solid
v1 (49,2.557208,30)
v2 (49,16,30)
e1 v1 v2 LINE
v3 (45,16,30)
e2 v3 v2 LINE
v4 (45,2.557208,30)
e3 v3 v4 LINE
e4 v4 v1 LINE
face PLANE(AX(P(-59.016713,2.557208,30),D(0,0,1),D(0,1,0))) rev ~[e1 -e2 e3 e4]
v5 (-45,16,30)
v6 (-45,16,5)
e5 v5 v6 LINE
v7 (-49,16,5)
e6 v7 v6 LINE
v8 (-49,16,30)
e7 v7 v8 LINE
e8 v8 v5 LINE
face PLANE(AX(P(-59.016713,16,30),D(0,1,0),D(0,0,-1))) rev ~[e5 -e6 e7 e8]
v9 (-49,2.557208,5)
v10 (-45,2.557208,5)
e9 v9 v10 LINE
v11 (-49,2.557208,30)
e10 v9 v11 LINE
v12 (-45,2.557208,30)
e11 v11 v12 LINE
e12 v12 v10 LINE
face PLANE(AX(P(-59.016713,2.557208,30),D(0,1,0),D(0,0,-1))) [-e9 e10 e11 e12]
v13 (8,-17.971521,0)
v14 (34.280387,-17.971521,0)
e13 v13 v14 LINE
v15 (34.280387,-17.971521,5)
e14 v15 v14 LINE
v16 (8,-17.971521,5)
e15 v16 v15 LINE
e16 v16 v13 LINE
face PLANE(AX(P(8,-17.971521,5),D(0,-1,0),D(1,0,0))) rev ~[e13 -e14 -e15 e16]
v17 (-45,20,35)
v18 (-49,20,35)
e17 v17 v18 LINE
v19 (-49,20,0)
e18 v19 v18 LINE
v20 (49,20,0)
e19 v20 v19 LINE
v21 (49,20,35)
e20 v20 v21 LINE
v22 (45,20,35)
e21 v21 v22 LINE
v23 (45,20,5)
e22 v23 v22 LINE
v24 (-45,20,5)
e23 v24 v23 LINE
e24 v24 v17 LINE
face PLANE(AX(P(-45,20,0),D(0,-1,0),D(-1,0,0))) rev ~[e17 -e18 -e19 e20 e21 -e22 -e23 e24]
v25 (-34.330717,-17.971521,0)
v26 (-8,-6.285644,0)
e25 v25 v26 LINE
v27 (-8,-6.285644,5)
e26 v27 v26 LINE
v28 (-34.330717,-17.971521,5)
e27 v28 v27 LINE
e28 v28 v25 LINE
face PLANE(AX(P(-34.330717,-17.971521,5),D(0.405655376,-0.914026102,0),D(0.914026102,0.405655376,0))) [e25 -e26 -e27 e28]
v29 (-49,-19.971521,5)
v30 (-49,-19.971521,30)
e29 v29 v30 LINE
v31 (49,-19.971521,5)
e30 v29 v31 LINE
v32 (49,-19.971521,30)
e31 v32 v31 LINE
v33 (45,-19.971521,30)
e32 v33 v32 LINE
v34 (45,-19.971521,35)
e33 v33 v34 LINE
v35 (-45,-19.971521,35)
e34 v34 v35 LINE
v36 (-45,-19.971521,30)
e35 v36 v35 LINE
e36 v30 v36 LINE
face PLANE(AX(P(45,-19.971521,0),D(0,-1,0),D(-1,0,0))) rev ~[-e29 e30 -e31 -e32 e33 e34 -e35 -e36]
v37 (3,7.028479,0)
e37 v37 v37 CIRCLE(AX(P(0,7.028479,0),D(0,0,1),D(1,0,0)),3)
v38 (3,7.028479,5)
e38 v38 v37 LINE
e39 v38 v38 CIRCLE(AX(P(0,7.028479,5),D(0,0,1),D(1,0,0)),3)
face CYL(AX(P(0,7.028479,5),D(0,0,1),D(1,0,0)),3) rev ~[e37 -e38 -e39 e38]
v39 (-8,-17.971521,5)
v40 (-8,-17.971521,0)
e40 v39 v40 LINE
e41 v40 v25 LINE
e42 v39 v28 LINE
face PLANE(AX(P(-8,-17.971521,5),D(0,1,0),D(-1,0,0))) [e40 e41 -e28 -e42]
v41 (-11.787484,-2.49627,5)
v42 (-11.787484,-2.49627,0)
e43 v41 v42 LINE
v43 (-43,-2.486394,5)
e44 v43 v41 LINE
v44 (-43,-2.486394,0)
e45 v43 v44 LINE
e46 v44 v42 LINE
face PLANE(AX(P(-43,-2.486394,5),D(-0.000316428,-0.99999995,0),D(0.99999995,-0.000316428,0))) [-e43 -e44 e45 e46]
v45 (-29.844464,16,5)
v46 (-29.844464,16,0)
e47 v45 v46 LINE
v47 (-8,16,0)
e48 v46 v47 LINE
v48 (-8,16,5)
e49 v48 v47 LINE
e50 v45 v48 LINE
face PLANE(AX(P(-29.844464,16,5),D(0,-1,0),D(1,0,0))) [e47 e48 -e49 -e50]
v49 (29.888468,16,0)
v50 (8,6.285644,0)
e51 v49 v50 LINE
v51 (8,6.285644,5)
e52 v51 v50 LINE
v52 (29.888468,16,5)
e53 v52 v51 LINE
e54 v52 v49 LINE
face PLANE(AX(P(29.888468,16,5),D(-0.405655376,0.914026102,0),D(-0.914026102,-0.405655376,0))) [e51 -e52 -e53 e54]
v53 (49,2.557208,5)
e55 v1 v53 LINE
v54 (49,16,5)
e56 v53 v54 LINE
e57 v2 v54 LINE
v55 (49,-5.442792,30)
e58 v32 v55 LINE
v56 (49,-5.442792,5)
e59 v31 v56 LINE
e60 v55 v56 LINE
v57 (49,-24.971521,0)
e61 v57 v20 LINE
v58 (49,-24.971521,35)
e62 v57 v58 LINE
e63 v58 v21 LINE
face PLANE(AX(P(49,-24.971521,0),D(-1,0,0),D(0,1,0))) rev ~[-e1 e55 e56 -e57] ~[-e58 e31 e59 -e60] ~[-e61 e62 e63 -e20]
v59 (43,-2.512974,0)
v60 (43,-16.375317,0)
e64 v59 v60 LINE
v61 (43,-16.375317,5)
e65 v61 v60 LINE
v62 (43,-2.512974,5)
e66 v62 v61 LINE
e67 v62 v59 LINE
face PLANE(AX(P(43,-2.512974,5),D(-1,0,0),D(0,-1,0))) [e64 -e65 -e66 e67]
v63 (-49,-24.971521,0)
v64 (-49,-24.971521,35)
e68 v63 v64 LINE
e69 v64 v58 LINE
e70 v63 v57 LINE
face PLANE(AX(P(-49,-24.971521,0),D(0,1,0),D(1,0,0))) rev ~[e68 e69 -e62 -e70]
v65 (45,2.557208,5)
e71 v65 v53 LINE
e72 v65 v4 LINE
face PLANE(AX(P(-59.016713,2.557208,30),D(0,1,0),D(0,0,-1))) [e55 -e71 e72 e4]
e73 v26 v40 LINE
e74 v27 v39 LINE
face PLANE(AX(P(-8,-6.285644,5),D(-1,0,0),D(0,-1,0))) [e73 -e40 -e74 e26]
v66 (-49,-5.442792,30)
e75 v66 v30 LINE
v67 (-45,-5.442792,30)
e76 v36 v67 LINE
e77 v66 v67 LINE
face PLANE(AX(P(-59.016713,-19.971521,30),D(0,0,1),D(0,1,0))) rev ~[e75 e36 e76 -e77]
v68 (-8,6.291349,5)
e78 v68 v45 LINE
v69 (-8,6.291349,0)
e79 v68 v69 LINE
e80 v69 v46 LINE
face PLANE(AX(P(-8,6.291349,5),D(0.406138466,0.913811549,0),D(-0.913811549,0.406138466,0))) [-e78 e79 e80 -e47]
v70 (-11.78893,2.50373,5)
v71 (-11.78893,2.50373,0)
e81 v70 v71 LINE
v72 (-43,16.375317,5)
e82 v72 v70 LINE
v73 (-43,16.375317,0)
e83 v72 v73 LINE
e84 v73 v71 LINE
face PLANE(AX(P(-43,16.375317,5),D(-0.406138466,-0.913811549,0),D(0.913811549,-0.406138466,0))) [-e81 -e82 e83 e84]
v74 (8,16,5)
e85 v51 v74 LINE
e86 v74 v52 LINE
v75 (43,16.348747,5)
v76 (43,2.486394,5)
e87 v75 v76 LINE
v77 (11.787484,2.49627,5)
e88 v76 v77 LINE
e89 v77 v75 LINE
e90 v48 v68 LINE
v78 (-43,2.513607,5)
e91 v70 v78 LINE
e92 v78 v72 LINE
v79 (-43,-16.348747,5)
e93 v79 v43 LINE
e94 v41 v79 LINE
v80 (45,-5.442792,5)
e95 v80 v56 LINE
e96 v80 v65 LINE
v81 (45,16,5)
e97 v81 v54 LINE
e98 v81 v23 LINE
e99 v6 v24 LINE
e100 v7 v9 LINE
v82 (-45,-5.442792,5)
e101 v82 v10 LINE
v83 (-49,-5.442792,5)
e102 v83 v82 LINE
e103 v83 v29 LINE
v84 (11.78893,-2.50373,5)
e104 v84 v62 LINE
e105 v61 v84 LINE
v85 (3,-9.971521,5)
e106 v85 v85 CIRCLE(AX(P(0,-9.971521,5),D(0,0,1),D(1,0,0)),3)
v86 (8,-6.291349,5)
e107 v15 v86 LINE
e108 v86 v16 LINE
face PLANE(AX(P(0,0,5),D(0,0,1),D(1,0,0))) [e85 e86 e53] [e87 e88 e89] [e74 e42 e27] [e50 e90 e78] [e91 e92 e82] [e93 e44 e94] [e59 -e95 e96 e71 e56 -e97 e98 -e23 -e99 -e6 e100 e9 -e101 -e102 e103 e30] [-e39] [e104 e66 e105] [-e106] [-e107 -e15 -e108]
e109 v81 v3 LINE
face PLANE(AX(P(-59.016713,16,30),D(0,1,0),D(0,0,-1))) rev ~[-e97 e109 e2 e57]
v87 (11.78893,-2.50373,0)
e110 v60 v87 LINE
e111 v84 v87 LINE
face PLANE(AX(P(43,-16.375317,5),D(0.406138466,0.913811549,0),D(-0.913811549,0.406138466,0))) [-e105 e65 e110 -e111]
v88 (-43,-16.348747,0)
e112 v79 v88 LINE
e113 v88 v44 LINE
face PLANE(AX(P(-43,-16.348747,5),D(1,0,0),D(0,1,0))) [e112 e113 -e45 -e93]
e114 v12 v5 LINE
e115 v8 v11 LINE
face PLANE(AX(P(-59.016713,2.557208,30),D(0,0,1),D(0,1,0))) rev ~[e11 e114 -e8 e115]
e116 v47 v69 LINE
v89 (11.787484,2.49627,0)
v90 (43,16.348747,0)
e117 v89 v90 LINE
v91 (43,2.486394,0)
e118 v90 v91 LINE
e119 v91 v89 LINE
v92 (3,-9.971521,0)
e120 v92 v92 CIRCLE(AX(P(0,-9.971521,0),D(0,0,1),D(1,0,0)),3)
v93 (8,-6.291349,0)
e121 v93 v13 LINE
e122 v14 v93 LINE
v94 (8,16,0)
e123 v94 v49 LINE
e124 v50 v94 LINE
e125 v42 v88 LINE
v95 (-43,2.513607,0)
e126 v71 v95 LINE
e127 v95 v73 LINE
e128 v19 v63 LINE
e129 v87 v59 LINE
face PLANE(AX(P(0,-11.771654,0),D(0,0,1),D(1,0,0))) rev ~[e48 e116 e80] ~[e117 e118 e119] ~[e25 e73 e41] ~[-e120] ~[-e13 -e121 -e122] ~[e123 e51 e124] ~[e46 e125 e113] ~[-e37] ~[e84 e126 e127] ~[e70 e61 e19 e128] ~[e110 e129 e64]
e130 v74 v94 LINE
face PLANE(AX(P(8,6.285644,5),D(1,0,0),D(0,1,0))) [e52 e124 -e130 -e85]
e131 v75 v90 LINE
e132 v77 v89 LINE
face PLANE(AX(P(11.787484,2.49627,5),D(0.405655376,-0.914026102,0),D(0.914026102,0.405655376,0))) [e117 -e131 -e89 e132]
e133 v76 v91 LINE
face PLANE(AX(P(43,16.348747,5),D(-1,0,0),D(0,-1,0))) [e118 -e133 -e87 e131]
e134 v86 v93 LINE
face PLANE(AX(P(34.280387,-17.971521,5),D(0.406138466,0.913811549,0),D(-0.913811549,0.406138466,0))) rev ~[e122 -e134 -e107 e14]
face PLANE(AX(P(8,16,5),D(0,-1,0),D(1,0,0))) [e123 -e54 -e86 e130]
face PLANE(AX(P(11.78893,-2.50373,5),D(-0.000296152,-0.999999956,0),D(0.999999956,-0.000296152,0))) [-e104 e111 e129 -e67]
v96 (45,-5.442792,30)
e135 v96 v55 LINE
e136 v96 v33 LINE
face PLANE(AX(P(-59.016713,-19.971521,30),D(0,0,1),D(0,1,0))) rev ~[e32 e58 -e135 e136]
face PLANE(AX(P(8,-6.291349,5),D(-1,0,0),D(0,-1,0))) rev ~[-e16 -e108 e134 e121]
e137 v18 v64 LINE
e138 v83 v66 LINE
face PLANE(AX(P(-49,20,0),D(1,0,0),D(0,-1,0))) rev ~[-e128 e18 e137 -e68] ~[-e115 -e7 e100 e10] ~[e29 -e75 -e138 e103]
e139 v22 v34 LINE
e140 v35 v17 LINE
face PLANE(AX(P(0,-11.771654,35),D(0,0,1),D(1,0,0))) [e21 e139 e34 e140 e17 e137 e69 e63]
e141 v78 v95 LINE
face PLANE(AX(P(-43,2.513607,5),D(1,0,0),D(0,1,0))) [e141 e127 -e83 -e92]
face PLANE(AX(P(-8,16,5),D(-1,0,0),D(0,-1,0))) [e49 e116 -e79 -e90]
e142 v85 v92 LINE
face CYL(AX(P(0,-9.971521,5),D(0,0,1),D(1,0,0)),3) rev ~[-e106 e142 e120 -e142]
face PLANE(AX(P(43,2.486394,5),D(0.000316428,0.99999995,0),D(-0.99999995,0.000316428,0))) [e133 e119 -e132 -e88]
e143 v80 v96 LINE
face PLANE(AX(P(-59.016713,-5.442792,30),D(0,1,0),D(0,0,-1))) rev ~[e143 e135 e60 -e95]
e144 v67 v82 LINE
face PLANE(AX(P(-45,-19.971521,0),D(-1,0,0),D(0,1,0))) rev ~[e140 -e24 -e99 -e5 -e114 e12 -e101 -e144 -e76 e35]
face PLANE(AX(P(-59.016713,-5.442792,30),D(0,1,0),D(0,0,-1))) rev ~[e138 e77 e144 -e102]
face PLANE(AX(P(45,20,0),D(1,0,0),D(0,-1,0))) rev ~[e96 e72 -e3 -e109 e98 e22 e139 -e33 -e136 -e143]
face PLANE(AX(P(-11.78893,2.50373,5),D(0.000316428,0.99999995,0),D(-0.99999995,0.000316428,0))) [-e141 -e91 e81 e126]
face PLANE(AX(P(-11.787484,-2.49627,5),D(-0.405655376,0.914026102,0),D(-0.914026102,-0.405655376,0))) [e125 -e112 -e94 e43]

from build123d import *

# Parameters (mm, degrees)
SKETCH1_W               = 90
SKETCH1_H               = 40
BOSS_EXTRUDE1_DEPTH     = 5
BOSS_EXTRUDE2_DEPTH     = 35
SKETCH3_R               = 3
CUT_EXTRUDE1_DEPTH      = 63.646443504
CUT_EXTRUDE2_DEPTH      = 35
CUT_EXTRUDE3_DEPTH      = 108.016713105
CUT_EXTRUDE3_DEPTH_BACK = 108.016713105
SKETCH5_W               = 25
SKETCH5_H               = 13.442792372
SKETCH5_H_2             = 14.528729082


with BuildPart() as part:
    # Sketch1 → Boss-Extrude1 (new body)
    with BuildSketch(Plane.XY):
        Rectangle(SKETCH1_W, SKETCH1_H)
    extrude(amount=BOSS_EXTRUDE1_DEPTH)

    # Sketch2 → Boss-Extrude2 (add)
    with BuildSketch(Plane.XY):
        Polygon((-45, 20), (-49, 20), (-49, -19.971521454), (-49, -24.971521454), (49, -24.971521454), (49, -19.971521454), (49, 20), (45, 20), (45, -19.971521454), (-45, -19.971521454), align=None)
    extrude(amount=BOSS_EXTRUDE2_DEPTH)

    # Sketch3 → Cut-Extrude1 (cut, through all)
    with BuildSketch(Plane.XY.offset(5)):
        with Locations((0, 7.028478546)):
            Circle(SKETCH3_R)
        with Locations((0, -9.971521454)):
            Circle(SKETCH3_R)
    extrude(amount=-CUT_EXTRUDE1_DEPTH, mode=Mode.SUBTRACT)

    # Sketch4 → Cut-Extrude2 (cut)
    with BuildSketch(Plane.XY.offset(5)):
        Polygon((-29.844463874, 16), (-8, 16), (-8, 6.291349389), align=None)
        Polygon((-43, 16.375317277), (-11.788929697, 2.503730476), (-43, 2.513606541), align=None)
        Polygon((-43, -2.486393709), (-11.787483748, -2.496270232), (-43, -16.348746631), align=None)
        Polygon((-8, -6.28564435), (-8, -17.971521454), (-34.330716509, -17.971521454), align=None)
        Polygon((8, -6.291349389), (8, -17.971521454), (34.280387146, -17.971521454), align=None)
        Polygon((43, -2.512973685), (43, -16.375317277), (11.788929697, -2.503730476), align=None)
        Polygon((11.787483748, 2.496270232), (43, 16.348746631), (43, 2.486393709), align=None)
        Polygon((8, 16), (29.888467798, 16), (8, 6.28564435), align=None)
    extrude(amount=-CUT_EXTRUDE2_DEPTH, mode=Mode.SUBTRACT)

    # Sketch5 → Cut-Extrude3 (cut, two sides: drawn at the far end of the back side and taken through both)
    with BuildSketch(Plane(origin=(49, 0, 0), x_dir=(0, 0, -1), z_dir=(1, 0, 0)).offset(-CUT_EXTRUDE3_DEPTH_BACK)):
        with Locations((-17.5, 9.278603814)):
            Rectangle(SKETCH5_W, SKETCH5_H)
        with Locations((-17.5, -12.707156913)):
            Rectangle(SKETCH5_W, SKETCH5_H_2)
    extrude(amount=CUT_EXTRUDE3_DEPTH + CUT_EXTRUDE3_DEPTH_BACK, mode=Mode.SUBTRACT)


solid = part.part
